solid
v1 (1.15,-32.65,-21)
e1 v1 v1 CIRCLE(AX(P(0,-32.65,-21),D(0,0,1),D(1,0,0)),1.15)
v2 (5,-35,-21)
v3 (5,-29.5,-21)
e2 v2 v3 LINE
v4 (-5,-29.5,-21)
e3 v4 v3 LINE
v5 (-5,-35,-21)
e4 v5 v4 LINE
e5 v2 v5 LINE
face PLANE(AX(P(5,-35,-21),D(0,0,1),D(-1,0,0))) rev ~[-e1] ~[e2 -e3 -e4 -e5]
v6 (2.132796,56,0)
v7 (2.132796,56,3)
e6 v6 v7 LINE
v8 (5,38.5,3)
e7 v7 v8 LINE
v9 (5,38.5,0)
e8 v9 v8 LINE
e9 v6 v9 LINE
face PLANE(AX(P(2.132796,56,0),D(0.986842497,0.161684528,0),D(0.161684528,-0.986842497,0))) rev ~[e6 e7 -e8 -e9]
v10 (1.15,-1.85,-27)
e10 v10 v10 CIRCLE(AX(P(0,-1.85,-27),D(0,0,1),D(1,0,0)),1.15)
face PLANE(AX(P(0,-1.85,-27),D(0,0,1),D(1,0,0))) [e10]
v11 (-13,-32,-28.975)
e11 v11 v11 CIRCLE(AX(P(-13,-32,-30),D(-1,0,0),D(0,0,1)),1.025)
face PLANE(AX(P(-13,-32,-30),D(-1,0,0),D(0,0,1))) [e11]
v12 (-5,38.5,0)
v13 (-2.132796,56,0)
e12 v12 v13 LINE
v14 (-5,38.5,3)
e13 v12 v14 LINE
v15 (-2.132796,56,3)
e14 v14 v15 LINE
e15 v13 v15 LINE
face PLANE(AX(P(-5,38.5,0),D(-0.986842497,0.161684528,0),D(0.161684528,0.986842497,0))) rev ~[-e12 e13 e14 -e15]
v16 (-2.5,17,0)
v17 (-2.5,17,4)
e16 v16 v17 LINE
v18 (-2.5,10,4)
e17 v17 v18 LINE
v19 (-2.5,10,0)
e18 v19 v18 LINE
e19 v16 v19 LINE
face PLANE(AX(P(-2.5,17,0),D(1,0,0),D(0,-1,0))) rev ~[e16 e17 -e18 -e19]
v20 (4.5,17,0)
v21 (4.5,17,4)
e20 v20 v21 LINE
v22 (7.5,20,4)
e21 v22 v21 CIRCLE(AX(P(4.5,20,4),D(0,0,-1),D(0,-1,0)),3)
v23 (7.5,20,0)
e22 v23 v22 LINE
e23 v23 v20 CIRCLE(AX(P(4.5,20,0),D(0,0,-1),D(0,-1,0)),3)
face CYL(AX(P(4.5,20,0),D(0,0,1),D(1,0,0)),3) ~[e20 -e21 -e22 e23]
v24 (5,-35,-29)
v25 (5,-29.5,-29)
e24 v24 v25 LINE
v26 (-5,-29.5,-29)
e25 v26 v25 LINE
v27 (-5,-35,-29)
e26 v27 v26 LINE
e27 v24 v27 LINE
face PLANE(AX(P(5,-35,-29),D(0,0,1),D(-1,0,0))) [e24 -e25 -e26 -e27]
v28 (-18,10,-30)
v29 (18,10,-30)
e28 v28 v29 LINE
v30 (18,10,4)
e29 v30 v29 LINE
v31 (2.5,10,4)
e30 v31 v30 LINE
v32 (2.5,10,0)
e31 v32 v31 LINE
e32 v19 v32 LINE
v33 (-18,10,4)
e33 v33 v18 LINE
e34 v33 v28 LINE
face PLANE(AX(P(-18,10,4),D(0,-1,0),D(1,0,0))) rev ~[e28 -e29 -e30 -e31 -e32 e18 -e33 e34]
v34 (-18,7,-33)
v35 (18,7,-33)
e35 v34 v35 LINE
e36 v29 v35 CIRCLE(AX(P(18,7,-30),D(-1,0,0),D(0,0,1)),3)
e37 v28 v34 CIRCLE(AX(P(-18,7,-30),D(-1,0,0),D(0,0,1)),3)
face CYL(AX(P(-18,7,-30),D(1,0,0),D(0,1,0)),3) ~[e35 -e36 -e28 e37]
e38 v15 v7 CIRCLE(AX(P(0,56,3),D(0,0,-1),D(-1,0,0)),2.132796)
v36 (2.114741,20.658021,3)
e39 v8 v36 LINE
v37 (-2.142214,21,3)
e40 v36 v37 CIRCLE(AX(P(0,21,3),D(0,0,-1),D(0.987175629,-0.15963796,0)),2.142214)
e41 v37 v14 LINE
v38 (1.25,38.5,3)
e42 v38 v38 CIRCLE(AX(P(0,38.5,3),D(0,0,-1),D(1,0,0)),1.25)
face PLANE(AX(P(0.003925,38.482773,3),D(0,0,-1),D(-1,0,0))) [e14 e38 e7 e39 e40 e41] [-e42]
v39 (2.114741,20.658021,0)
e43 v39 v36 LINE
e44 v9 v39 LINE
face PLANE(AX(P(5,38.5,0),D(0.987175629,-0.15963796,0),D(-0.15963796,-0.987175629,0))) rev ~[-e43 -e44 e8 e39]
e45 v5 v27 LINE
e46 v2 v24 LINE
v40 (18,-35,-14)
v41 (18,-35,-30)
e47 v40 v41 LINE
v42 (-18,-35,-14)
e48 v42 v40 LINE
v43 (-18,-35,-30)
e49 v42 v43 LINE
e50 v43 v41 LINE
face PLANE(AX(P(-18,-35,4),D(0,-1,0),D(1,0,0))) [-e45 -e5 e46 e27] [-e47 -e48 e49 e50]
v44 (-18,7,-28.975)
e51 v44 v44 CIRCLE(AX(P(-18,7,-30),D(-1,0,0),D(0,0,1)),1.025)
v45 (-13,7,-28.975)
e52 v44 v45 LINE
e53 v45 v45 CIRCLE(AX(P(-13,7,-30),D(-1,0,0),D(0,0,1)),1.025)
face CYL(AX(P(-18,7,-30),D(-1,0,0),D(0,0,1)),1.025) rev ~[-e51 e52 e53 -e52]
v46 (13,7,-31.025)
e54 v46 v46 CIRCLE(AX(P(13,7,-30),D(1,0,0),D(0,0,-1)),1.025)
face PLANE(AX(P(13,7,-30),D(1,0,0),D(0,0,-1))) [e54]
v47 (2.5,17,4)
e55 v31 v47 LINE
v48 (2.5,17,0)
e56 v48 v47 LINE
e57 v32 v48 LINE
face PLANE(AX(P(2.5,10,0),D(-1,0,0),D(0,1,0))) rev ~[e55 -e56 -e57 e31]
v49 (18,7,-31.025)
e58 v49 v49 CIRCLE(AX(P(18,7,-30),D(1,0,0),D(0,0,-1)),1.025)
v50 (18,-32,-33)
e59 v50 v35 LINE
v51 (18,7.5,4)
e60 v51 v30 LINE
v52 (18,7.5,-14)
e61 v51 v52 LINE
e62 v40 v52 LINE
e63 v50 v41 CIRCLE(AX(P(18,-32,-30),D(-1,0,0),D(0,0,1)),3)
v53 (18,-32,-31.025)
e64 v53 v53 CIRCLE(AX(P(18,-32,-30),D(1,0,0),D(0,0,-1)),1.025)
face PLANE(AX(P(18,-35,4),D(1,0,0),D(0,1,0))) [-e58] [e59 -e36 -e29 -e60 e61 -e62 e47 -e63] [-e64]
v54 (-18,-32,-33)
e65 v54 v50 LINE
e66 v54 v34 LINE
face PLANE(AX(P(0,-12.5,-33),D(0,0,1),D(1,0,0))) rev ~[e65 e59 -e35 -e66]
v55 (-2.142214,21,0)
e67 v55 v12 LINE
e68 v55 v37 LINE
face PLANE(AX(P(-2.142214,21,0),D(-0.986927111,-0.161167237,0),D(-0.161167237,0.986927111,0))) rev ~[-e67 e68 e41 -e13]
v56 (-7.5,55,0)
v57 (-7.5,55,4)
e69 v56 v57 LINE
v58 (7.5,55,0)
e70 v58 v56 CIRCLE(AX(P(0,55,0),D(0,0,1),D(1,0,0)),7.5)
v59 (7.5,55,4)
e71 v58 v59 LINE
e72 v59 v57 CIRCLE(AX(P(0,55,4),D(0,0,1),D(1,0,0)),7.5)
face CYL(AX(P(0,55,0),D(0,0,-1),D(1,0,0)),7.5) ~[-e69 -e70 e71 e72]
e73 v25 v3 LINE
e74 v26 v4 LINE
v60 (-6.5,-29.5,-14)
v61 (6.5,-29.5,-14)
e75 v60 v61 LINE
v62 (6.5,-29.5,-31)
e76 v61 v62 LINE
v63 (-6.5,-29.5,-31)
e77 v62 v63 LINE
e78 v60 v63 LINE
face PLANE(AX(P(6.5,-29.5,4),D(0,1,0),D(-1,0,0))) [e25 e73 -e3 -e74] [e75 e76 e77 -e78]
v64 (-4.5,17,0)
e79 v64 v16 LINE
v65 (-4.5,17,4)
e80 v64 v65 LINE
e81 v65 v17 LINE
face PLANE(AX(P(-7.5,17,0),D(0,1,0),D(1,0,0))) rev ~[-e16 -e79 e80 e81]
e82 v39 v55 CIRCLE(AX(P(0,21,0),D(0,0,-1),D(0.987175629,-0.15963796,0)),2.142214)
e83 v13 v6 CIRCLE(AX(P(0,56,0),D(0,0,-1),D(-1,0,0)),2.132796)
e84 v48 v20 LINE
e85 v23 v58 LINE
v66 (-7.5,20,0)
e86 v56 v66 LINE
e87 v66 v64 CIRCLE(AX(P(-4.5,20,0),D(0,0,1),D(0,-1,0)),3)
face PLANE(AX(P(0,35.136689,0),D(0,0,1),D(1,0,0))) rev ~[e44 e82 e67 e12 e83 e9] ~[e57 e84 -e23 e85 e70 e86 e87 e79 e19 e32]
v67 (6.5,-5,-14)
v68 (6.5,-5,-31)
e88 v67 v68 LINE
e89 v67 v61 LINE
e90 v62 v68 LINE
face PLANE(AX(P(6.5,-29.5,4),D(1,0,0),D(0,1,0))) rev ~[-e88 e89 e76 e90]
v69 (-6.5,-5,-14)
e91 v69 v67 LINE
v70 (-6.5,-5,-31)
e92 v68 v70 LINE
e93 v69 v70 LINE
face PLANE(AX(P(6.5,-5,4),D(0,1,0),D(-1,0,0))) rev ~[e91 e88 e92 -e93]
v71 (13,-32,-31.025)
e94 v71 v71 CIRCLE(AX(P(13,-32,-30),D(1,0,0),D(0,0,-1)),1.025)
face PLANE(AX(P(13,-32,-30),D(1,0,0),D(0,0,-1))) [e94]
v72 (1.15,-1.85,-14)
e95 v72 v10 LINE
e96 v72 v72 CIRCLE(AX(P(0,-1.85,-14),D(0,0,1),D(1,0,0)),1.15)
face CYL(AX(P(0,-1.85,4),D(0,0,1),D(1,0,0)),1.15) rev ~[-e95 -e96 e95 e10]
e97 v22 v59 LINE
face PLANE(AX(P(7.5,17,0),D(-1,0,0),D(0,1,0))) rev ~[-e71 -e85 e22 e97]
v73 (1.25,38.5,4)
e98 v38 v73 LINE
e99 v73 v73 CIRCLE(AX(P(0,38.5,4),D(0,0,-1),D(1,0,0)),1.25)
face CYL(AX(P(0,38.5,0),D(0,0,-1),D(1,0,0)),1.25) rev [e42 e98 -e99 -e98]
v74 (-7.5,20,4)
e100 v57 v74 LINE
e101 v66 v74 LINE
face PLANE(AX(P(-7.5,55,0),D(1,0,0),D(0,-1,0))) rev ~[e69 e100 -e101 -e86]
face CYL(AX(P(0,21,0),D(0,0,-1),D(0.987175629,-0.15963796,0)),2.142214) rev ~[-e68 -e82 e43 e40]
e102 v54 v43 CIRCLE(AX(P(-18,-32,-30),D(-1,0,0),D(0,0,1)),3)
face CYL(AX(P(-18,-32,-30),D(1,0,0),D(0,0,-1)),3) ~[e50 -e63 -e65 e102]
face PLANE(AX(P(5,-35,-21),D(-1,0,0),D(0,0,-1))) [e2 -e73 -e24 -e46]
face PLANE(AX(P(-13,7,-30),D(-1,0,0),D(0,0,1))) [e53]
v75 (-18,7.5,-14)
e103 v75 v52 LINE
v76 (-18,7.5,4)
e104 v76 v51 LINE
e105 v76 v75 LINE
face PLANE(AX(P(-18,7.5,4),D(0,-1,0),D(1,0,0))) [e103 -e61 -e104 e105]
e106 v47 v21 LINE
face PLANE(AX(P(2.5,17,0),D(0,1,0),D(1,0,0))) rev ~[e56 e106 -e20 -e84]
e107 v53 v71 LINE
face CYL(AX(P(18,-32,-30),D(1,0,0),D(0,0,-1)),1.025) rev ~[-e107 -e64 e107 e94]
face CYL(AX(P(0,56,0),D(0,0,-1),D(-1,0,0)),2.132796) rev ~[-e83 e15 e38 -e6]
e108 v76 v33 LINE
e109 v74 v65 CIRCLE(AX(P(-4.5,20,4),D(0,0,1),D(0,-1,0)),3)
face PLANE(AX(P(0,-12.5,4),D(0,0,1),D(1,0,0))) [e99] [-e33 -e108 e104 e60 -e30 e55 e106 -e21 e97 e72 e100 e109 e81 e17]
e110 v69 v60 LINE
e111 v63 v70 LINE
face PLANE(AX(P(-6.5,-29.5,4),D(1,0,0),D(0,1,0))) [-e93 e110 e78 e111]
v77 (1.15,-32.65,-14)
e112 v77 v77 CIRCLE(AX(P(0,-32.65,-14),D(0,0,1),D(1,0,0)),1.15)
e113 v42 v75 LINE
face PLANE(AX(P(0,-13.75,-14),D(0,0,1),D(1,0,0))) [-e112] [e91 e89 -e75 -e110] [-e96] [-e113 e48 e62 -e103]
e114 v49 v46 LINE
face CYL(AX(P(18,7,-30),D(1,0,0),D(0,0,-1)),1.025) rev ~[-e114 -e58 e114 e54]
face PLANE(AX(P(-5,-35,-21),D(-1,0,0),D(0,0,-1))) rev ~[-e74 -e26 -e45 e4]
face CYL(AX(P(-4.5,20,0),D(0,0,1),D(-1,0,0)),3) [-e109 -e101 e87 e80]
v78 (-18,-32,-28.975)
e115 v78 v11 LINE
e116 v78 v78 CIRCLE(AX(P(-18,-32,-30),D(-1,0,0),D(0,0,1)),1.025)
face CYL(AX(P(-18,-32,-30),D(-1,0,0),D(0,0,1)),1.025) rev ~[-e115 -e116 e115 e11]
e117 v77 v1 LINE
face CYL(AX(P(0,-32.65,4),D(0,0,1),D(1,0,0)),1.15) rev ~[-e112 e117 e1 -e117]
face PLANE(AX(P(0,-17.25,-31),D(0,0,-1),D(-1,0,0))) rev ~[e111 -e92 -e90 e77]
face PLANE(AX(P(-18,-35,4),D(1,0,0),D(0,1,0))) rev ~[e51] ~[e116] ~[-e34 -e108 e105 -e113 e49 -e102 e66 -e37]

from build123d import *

# Parameters (mm, degrees)
EXTRUDE_1_DEPTH     = 4
CUT_EXTRUDE_1_DEPTH = 3
SKETCH_5_R          = 1.25
CUT_EXTRUDE_2_DEPTH = 12.4
SKETCH_13_W         = 36
SKETCH_13_H         = 45
EXTRUDE_2_DEPTH     = 37
SKETCH_14_W         = 13
SKETCH_14_H         = 24.5
CUT_EXTRUDE_3_DEPTH = 35
SKETCH_15_R         = 1.15
CUT_EXTRUDE_4_DEPTH = 31
SKETCH_16_W         = 10
SKETCH_16_H         = 8
CUT_EXTRUDE_5_DEPTH = 8
SKETCH_17_W         = 36
SKETCH_17_H         = 42.5
CUT_EXTRUDE_6_DEPTH = 18
SKETCH_23_R         = 1.025
CUT_EXTRUDE_7_DEPTH = 5
SKETCH_24_R         = 1.025
CUT_EXTRUDE_8_DEPTH = 5
FILLET_1_R          = 3
FILLET_2_R          = 3
FILLET_3_R          = 3
FILLET_4_R          = 3


with BuildPart() as part:
    # 草圖1 → 填料-伸長1 (new body)
    with BuildSketch(Plane.XY):
        with BuildLine():
            Line((7.5, 17), (7.5, 55))
            ThreePointArc((7.5, 55), (0, 62.5), (-7.5, 55))
            Line((-7.5, 55), (-7.5, 17))
            Line((-7.5, 17), (-2.5, 17))
            Line((-2.5, 17), (-2.5, 15))
            Line((-2.5, 15), (-2.5, 10))
            Line((-2.5, 10), (2.5, 10))
            Line((2.5, 10), (2.5, 15))
            Line((2.5, 15), (2.5, 17))
            Line((2.5, 17), (7.5, 17))
        make_face()
    extrude(amount=EXTRUDE_1_DEPTH)

    # 草圖3 → 除料-伸長1 (cut)
    with BuildSketch(Plane.XY):
        with BuildLine():
            ThreePointArc((-2.132795501, 56), (0, 58.132795501), (2.132795501, 56))
            Line((2.132795501, 56), (5, 38.5))
            Line((5, 38.5), (2.114741289, 20.658021353))
            ThreePointArc((2.114741289, 20.658021353), (-0.171540182, 18.864665347), (-2.142213835, 21))
            Line((-2.142213835, 21), (-5, 38.5))
            Line((-5, 38.5), (-2.132795501, 56))
        make_face()
    extrude(amount=CUT_EXTRUDE_1_DEPTH, mode=Mode.SUBTRACT)

    # 草圖5 → 除料-伸長2 (cut)
    with BuildSketch(Plane.XY):
        with Locations((0, 38.5)):
            Circle(SKETCH_5_R)
    extrude(amount=CUT_EXTRUDE_2_DEPTH, mode=Mode.SUBTRACT)

    # 草圖13 → 填料-伸長2 (add)
    with BuildSketch(Plane.XY.offset(4)):
        with Locations((0, -12.5)):
            Rectangle(SKETCH_13_W, SKETCH_13_H)
    extrude(amount=-EXTRUDE_2_DEPTH)

    # 草圖14 → 除料-伸長3 (cut)
    with BuildSketch(Plane(origin=(0, 0, 4), x_dir=(-1, 0, 0), z_dir=(0, 0, -1))):
        with Locations((0, -17.25)):
            Rectangle(SKETCH_14_W, SKETCH_14_H)
    extrude(amount=CUT_EXTRUDE_3_DEPTH, mode=Mode.SUBTRACT)

    # 草圖15 → 除料-伸長4 (cut)
    with BuildSketch(Plane.XY.offset(4)):
        with Locations((0, -1.85)):
            Circle(SKETCH_15_R)
        with Locations((0, -32.65)):
            Circle(SKETCH_15_R)
    extrude(amount=-CUT_EXTRUDE_4_DEPTH, mode=Mode.SUBTRACT)

    # 草圖16 → 除料-伸長5 (cut)
    with BuildSketch(Plane(origin=(0, -35, 0), x_dir=(-1, 0, 0), z_dir=(0, -1, 0))):
        with Locations((0, 25)):
            Rectangle(SKETCH_16_W, SKETCH_16_H)
    extrude(amount=-CUT_EXTRUDE_5_DEPTH, mode=Mode.SUBTRACT)

    # 草圖17 → 除料-伸長6 (cut)
    with BuildSketch(Plane.XY.offset(4)):
        with Locations((0, -13.75)):
            Rectangle(SKETCH_17_W, SKETCH_17_H)
    extrude(amount=-CUT_EXTRUDE_6_DEPTH, mode=Mode.SUBTRACT)

    # 草圖23 → 除料-伸長7 (cut)
    with BuildSketch(Plane.ZY.offset(18)):
        with Locations((-30, 7)):
            Circle(SKETCH_23_R)
        with Locations((-30, -32)):
            Circle(SKETCH_23_R)
    extrude(amount=-CUT_EXTRUDE_7_DEPTH, mode=Mode.SUBTRACT)

    # 草圖24 → 除料-伸長8 (cut)
    with BuildSketch(Plane(origin=(18, 0, 0), x_dir=(0, 0, -1), z_dir=(1, 0, 0))):
        with Locations((30, 7)):
            Circle(SKETCH_24_R)
        with Locations((30, -32)):
            Circle(SKETCH_24_R)
    extrude(amount=-CUT_EXTRUDE_8_DEPTH, mode=Mode.SUBTRACT)

    # 圓角1
    fillet_1_edges = [part.edges().sort_by_distance(p)[0] for p in [
        (7.5, 17, 2),
    ]]
    fillet(fillet_1_edges, radius=FILLET_1_R)

    # 圓角2
    fillet_2_edges = [part.edges().sort_by_distance(p)[0] for p in [
        (-7.5, 17, 2),
    ]]
    fillet(fillet_2_edges, radius=FILLET_2_R)

    # 圓角3
    fillet_3_edges = [part.edges().sort_by_distance(p)[0] for p in [
        (0, 10, -33),
    ]]
    fillet(fillet_3_edges, radius=FILLET_3_R)

    # 圓角4
    fillet_4_edges = [part.edges().sort_by_distance(p)[0] for p in [
        (0, -35, -33),
    ]]
    fillet(fillet_4_edges, radius=FILLET_4_R)


solid = part.part
